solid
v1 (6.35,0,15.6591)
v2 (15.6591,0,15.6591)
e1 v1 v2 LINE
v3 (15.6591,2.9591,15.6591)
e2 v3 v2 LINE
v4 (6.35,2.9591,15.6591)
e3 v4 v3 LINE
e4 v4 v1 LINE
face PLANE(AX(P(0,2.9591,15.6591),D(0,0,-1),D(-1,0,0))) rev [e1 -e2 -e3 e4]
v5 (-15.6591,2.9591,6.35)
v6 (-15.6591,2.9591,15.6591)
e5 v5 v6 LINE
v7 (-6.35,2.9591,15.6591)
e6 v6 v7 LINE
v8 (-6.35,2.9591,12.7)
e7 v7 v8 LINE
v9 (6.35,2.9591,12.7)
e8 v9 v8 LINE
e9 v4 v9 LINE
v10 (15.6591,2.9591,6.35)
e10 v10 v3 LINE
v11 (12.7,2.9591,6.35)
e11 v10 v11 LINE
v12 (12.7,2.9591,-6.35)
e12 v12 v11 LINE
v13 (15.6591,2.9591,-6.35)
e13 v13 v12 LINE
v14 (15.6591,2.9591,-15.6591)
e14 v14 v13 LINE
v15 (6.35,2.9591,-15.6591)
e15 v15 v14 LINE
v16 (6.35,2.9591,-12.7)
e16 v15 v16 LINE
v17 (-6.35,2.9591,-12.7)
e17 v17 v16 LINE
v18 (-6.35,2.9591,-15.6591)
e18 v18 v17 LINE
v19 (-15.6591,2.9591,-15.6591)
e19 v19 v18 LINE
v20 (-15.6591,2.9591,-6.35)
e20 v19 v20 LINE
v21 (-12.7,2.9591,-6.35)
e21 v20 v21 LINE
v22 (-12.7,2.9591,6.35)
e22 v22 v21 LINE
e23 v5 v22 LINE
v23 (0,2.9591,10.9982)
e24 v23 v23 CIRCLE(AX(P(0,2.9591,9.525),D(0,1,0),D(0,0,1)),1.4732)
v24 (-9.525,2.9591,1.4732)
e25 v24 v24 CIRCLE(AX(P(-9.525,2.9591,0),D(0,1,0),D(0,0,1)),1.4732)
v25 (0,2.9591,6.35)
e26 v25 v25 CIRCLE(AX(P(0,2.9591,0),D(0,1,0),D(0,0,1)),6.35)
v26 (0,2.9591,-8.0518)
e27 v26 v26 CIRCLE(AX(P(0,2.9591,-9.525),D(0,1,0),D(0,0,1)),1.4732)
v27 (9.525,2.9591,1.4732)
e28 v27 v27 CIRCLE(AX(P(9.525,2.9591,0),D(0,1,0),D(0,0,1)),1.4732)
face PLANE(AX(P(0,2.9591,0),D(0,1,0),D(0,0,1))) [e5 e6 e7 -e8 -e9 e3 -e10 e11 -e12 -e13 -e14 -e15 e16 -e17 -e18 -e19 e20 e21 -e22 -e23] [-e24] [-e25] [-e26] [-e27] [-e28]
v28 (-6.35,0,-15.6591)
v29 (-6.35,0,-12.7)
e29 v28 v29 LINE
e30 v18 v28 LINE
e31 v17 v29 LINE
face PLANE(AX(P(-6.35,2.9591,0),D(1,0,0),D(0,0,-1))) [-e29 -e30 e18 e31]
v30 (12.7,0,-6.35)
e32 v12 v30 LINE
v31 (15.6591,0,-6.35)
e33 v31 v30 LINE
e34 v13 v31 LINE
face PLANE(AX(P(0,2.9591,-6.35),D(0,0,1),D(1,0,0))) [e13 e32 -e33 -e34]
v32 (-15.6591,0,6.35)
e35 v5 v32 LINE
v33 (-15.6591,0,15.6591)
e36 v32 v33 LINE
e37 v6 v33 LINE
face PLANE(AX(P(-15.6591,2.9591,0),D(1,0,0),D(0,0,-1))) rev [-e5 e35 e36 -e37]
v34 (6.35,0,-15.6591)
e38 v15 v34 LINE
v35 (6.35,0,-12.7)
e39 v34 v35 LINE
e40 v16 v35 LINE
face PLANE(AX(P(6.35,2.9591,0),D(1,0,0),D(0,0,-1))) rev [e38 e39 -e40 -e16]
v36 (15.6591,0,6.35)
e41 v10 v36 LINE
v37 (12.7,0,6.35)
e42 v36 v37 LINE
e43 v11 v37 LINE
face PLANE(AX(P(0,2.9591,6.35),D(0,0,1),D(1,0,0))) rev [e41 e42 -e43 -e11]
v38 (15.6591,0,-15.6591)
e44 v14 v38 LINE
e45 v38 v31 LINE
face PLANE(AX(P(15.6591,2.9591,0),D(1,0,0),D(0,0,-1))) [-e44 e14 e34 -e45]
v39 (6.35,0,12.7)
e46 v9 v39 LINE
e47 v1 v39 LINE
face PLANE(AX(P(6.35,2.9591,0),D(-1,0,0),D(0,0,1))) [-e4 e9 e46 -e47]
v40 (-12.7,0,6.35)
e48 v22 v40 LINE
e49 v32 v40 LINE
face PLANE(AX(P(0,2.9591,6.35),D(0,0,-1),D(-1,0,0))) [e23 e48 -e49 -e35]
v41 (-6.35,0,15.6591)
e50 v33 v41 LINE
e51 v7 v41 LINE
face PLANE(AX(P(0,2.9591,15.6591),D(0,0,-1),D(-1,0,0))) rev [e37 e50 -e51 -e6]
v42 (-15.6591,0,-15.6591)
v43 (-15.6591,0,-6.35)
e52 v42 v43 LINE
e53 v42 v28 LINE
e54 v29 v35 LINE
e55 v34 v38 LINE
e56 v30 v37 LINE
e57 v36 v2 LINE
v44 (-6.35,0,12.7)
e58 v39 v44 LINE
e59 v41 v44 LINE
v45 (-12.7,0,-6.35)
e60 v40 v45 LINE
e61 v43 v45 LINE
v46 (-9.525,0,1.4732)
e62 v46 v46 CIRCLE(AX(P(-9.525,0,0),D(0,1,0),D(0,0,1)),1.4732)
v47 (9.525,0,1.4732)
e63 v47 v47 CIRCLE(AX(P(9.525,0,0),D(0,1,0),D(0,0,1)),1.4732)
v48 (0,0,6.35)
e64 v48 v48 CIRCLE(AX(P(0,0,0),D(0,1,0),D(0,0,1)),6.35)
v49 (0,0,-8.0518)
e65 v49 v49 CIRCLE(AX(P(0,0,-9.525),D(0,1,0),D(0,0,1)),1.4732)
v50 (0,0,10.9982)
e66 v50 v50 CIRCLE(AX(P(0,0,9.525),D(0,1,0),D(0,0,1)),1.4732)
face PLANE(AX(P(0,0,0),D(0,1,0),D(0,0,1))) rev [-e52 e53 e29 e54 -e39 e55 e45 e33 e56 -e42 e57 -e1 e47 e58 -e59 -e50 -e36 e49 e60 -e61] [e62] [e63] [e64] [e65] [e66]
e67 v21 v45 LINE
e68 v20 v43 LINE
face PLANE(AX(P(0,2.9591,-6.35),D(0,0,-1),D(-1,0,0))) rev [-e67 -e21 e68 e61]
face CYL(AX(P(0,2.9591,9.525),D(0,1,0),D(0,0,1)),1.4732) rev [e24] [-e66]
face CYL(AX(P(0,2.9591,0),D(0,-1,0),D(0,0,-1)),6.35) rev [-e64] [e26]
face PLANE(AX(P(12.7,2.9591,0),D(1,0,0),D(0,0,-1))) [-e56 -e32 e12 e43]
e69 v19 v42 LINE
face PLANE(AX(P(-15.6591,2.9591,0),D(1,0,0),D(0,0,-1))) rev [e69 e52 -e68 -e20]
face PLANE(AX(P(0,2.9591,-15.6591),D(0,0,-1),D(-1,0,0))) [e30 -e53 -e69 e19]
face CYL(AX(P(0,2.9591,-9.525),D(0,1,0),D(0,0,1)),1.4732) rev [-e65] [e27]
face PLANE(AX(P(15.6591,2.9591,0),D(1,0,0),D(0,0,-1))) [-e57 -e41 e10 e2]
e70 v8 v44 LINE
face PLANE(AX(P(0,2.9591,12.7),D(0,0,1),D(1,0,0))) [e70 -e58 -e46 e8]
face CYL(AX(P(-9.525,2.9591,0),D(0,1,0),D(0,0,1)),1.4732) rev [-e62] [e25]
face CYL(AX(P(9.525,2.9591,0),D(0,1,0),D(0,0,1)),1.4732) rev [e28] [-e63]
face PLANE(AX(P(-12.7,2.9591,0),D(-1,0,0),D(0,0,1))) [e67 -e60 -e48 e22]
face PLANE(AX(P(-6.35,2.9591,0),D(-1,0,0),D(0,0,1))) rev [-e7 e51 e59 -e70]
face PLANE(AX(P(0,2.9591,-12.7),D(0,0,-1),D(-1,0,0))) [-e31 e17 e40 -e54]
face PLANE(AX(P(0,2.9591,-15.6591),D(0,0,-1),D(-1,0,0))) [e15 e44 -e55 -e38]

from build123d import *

# Parameters (mm, degrees)
SKETCH1_R                 = 6.35
BOSS_EXTRUDE1_DEPTH       = 2.9591
F_4_CLEARANCE_HOLE1_D     = 2.9464
F_4_CLEARANCE_HOLE1_DEPTH = 2.9591


with BuildPart() as part:
    # Sketch1 → Boss-Extrude1 (new body)
    with BuildSketch(Plane(origin=(0, 0, 0), x_dir=(1, 0, 0), z_dir=(0, 1, 0))):
        Polygon((6.35, 15.6591), (15.6591, 15.6591), (15.6591, 6.35), (12.7, 6.35), (12.7, -6.35), (15.6591, -6.35), (15.6591, -15.6591), (6.35, -15.6591), (6.35, -12.7), (-6.35, -12.7), (-6.35, -15.6591), (-15.6591, -15.6591), (-15.6591, -6.35), (-12.7, -6.35), (-12.7, 6.35), (-15.6591, 6.35), (-15.6591, 15.6591), (-6.35, 15.6591), (-6.35, 12.7), (6.35, 12.7), align=None)
        Circle(SKETCH1_R, mode=Mode.SUBTRACT)
    extrude(amount=BOSS_EXTRUDE1_DEPTH)

    # #4 Clearance Hole1
    with Locations(Plane(origin=(-7.797262335, 2.9591, -11.472083192), x_dir=(1, 0, 0), z_dir=(0, 1, 0))):
        with Locations((7.797262335, -1.947083192), (17.322262335, -11.472083192), (7.797262335, -20.997083192), (-1.727737665, -11.472083192)):
            Hole(F_4_CLEARANCE_HOLE1_D / 2, depth=F_4_CLEARANCE_HOLE1_DEPTH)


solid = part.part
